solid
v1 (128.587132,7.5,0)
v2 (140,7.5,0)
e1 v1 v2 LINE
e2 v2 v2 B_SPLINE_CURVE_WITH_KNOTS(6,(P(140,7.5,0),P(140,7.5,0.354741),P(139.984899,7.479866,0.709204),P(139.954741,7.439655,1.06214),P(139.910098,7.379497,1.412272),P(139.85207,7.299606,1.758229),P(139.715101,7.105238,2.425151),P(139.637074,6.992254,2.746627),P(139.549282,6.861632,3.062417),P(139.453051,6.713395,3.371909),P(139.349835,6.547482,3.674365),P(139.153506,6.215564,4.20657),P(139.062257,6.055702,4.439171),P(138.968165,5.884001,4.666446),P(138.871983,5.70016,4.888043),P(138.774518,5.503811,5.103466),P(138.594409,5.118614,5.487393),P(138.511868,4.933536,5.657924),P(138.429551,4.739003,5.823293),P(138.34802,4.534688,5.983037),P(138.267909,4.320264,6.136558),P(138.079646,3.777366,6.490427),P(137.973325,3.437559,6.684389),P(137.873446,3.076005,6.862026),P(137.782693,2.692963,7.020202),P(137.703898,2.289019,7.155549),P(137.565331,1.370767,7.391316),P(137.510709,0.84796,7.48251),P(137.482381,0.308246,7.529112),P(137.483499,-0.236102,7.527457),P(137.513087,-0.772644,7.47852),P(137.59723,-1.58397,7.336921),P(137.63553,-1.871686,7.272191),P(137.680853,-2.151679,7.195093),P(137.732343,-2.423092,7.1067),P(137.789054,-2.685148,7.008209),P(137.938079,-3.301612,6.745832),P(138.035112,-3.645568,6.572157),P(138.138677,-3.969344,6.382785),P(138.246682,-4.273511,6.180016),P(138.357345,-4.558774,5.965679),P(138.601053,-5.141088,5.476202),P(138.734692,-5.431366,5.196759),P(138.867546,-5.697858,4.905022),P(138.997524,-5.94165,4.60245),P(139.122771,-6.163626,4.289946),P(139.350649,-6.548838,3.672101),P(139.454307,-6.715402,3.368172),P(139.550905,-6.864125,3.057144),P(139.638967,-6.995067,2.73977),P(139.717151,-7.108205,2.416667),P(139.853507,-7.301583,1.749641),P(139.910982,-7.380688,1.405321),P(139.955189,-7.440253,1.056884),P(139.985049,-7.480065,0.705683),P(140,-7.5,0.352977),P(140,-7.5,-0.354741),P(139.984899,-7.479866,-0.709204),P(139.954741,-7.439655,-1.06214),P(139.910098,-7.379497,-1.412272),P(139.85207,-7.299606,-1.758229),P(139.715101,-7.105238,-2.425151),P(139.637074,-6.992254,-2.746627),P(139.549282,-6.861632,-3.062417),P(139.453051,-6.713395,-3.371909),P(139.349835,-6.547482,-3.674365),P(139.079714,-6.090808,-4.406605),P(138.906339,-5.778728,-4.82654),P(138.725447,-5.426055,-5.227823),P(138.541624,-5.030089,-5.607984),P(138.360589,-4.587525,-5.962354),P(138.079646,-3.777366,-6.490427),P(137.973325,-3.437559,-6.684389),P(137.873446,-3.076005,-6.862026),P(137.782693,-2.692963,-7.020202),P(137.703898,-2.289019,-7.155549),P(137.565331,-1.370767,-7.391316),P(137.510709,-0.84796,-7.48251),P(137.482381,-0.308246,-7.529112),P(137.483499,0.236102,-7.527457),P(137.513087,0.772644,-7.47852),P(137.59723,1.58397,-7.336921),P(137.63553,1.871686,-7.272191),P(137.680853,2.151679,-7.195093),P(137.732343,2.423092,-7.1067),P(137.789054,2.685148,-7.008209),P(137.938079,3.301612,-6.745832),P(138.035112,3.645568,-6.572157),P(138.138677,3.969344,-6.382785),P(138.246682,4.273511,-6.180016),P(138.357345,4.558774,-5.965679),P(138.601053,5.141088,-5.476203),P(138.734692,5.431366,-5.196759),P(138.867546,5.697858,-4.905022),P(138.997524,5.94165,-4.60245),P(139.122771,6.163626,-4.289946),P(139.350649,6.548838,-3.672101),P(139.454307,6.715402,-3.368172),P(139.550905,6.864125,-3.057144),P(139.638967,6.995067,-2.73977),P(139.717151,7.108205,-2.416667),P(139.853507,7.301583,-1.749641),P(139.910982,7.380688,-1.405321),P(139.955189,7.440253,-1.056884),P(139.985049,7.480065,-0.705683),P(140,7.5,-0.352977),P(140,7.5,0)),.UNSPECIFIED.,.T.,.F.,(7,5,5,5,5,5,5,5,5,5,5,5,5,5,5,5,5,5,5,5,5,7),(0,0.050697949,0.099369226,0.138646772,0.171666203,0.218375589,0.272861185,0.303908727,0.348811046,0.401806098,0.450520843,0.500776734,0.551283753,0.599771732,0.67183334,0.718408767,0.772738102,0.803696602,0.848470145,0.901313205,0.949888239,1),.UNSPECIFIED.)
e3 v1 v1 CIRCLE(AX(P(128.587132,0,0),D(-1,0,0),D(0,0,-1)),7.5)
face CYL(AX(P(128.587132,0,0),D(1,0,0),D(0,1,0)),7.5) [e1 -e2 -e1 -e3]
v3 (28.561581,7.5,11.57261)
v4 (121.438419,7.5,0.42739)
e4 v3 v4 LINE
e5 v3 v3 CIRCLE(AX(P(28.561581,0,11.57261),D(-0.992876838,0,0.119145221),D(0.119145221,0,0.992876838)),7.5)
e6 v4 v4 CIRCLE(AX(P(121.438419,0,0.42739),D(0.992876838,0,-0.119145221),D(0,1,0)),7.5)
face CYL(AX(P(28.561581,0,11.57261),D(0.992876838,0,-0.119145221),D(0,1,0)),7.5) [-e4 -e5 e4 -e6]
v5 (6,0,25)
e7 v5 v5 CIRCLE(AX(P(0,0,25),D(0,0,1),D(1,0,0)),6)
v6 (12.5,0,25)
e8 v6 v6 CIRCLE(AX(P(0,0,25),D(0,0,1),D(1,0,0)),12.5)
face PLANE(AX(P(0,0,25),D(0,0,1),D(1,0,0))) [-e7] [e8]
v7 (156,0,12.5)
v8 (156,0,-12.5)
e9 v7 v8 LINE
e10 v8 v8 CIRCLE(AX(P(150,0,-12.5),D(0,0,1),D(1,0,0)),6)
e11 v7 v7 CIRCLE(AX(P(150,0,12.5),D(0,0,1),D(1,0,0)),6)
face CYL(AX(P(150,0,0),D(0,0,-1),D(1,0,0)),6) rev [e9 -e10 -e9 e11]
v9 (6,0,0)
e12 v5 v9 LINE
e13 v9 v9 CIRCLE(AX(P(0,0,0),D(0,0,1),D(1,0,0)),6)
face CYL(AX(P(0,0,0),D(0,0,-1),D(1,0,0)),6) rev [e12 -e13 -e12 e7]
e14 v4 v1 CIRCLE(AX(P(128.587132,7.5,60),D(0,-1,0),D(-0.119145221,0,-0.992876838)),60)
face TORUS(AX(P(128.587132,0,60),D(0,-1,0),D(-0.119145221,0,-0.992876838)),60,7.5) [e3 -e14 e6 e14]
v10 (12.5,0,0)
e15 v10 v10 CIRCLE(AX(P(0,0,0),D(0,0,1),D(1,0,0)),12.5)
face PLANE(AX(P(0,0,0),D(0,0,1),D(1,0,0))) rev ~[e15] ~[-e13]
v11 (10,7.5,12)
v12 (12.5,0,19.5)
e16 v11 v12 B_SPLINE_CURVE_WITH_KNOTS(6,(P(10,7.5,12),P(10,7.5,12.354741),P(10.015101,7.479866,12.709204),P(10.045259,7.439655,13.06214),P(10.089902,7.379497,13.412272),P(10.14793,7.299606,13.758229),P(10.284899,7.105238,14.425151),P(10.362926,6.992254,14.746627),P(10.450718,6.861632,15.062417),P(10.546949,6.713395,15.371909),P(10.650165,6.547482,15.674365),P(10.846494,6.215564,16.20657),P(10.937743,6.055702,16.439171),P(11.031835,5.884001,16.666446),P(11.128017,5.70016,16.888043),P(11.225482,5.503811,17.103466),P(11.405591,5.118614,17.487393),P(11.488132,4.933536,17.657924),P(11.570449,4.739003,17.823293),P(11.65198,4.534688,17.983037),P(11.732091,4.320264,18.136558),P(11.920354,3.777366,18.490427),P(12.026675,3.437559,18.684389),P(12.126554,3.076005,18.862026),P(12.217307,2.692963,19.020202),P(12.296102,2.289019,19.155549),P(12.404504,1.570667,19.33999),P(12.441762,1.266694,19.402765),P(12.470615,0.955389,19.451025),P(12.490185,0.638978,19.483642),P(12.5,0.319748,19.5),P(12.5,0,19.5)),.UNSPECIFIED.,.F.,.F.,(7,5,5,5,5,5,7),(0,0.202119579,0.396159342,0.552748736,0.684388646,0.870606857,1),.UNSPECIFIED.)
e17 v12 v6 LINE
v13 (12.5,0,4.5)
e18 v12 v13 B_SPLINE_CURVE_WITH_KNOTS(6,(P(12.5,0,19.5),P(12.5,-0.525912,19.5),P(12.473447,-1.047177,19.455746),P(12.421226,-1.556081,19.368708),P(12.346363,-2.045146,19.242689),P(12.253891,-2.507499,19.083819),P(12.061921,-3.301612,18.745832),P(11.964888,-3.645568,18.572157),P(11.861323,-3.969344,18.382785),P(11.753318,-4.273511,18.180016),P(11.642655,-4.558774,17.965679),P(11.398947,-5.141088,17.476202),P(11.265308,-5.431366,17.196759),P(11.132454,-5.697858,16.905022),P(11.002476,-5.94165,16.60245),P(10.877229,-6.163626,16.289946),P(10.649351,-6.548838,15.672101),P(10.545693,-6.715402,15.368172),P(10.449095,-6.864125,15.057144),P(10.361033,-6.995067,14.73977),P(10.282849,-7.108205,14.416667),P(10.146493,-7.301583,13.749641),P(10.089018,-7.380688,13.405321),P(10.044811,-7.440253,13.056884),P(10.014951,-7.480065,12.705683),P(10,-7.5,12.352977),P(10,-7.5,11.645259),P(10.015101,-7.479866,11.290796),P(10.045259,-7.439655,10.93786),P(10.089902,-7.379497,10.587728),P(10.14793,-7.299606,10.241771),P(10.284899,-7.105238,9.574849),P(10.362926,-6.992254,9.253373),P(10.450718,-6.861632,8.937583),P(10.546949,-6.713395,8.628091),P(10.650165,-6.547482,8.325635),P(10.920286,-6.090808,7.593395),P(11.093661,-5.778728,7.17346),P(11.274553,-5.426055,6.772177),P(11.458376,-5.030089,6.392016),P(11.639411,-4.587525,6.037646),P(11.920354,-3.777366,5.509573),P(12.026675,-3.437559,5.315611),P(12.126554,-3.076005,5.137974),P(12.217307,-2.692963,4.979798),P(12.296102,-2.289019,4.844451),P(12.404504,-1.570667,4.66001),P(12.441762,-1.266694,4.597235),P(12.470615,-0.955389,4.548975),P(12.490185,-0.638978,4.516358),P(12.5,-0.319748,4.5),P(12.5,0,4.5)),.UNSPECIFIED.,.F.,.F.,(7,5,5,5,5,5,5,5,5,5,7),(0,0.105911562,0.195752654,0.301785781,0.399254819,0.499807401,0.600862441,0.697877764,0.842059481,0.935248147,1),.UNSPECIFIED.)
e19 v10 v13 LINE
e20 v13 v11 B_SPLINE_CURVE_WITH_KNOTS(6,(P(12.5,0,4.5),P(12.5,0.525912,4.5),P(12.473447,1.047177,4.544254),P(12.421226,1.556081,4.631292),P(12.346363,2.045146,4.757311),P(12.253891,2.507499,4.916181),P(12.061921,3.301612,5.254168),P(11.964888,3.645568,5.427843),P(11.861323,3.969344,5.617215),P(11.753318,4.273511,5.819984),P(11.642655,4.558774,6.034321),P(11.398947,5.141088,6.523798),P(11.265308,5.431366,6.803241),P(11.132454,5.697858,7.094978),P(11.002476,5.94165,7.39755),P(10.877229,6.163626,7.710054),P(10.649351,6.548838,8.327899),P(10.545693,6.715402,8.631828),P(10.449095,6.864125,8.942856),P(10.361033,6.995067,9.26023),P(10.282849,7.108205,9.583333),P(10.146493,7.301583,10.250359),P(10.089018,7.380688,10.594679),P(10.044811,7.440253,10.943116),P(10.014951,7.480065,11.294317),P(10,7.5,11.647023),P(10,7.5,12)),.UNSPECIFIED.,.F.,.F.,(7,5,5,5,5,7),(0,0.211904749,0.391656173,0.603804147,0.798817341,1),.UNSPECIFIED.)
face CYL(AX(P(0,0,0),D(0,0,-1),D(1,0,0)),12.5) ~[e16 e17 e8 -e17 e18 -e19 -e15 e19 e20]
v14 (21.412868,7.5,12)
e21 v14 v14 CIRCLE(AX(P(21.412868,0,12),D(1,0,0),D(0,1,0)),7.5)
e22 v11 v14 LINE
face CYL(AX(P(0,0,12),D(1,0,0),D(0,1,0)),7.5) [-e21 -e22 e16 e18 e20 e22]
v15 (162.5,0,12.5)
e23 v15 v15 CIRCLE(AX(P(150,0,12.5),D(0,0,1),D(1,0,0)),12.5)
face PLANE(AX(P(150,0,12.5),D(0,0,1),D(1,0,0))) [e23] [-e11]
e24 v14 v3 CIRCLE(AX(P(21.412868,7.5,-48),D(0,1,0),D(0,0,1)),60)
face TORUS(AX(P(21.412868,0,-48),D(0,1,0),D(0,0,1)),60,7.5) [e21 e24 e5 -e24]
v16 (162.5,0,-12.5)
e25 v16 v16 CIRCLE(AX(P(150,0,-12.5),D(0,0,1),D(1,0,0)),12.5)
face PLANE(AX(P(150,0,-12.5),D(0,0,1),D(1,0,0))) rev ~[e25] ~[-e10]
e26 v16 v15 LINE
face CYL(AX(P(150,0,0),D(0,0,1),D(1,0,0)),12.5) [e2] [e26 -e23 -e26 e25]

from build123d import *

# Parameters (mm, degrees)
F0_R     = 12.5
F0_R_2   = 6
F2_DEPTH = 25
F3_DEPTH = 12.5
F4_R     = 7.5
F6_R     = 6
F7_DEPTH = 25


with BuildPart() as f2:
    # F0 (on Top) → F2 (new body)
    with BuildSketch(Plane.XY):
        Circle(F0_R)
        Circle(F0_R_2, mode=Mode.SUBTRACT)
    extrude(amount=F2_DEPTH)



with BuildPart() as f3:
    # F0 (on Top) → F3 (new body, symmetric)
    with BuildSketch(Plane.XY):
        with Locations((150, 0)):
            Circle(F0_R)
        with Locations((150, 0)):
            Circle(F0_R_2, mode=Mode.SUBTRACT)
    extrude(amount=F3_DEPTH, both=True)


with BuildPart() as f2_1:
    add(f2.part)

    add(f3.part)  # F5 merges F3
    # F5: sweep along a path in F1
    with BuildLine(Plane.XZ) as f5_path:
        Line((0, 12), (21.4128675194, 12))
        ThreePointArc((21.4128675194, 12), (24.9936063711, 11.8930572711), (28.5615807565, 11.5726103092))
        Line((28.5615807565, 11.5726103092), (121.4384192435, 0.4273896908))
        ThreePointArc((121.4384192435, 0.4273896908), (125.0063936289, 0.1069427289), (128.5871324806, 0))
        Line((128.5871324806, 0), (150, 0))
    # F4 (on Right) → F5 (sweep)
    with BuildSketch(Plane.YZ):
        with Locations((0, 12)):
            Circle(F4_R)
    sweep(path=f5_path.line)

    # F6 (on Top) → F7 (cut, symmetric)
    with BuildSketch(Plane.XY):
        Circle(F6_R)
        with Locations((150, 0)):
            Circle(F6_R)
    extrude(amount=F7_DEPTH, both=True, mode=Mode.SUBTRACT)


solid = f2_1.part
